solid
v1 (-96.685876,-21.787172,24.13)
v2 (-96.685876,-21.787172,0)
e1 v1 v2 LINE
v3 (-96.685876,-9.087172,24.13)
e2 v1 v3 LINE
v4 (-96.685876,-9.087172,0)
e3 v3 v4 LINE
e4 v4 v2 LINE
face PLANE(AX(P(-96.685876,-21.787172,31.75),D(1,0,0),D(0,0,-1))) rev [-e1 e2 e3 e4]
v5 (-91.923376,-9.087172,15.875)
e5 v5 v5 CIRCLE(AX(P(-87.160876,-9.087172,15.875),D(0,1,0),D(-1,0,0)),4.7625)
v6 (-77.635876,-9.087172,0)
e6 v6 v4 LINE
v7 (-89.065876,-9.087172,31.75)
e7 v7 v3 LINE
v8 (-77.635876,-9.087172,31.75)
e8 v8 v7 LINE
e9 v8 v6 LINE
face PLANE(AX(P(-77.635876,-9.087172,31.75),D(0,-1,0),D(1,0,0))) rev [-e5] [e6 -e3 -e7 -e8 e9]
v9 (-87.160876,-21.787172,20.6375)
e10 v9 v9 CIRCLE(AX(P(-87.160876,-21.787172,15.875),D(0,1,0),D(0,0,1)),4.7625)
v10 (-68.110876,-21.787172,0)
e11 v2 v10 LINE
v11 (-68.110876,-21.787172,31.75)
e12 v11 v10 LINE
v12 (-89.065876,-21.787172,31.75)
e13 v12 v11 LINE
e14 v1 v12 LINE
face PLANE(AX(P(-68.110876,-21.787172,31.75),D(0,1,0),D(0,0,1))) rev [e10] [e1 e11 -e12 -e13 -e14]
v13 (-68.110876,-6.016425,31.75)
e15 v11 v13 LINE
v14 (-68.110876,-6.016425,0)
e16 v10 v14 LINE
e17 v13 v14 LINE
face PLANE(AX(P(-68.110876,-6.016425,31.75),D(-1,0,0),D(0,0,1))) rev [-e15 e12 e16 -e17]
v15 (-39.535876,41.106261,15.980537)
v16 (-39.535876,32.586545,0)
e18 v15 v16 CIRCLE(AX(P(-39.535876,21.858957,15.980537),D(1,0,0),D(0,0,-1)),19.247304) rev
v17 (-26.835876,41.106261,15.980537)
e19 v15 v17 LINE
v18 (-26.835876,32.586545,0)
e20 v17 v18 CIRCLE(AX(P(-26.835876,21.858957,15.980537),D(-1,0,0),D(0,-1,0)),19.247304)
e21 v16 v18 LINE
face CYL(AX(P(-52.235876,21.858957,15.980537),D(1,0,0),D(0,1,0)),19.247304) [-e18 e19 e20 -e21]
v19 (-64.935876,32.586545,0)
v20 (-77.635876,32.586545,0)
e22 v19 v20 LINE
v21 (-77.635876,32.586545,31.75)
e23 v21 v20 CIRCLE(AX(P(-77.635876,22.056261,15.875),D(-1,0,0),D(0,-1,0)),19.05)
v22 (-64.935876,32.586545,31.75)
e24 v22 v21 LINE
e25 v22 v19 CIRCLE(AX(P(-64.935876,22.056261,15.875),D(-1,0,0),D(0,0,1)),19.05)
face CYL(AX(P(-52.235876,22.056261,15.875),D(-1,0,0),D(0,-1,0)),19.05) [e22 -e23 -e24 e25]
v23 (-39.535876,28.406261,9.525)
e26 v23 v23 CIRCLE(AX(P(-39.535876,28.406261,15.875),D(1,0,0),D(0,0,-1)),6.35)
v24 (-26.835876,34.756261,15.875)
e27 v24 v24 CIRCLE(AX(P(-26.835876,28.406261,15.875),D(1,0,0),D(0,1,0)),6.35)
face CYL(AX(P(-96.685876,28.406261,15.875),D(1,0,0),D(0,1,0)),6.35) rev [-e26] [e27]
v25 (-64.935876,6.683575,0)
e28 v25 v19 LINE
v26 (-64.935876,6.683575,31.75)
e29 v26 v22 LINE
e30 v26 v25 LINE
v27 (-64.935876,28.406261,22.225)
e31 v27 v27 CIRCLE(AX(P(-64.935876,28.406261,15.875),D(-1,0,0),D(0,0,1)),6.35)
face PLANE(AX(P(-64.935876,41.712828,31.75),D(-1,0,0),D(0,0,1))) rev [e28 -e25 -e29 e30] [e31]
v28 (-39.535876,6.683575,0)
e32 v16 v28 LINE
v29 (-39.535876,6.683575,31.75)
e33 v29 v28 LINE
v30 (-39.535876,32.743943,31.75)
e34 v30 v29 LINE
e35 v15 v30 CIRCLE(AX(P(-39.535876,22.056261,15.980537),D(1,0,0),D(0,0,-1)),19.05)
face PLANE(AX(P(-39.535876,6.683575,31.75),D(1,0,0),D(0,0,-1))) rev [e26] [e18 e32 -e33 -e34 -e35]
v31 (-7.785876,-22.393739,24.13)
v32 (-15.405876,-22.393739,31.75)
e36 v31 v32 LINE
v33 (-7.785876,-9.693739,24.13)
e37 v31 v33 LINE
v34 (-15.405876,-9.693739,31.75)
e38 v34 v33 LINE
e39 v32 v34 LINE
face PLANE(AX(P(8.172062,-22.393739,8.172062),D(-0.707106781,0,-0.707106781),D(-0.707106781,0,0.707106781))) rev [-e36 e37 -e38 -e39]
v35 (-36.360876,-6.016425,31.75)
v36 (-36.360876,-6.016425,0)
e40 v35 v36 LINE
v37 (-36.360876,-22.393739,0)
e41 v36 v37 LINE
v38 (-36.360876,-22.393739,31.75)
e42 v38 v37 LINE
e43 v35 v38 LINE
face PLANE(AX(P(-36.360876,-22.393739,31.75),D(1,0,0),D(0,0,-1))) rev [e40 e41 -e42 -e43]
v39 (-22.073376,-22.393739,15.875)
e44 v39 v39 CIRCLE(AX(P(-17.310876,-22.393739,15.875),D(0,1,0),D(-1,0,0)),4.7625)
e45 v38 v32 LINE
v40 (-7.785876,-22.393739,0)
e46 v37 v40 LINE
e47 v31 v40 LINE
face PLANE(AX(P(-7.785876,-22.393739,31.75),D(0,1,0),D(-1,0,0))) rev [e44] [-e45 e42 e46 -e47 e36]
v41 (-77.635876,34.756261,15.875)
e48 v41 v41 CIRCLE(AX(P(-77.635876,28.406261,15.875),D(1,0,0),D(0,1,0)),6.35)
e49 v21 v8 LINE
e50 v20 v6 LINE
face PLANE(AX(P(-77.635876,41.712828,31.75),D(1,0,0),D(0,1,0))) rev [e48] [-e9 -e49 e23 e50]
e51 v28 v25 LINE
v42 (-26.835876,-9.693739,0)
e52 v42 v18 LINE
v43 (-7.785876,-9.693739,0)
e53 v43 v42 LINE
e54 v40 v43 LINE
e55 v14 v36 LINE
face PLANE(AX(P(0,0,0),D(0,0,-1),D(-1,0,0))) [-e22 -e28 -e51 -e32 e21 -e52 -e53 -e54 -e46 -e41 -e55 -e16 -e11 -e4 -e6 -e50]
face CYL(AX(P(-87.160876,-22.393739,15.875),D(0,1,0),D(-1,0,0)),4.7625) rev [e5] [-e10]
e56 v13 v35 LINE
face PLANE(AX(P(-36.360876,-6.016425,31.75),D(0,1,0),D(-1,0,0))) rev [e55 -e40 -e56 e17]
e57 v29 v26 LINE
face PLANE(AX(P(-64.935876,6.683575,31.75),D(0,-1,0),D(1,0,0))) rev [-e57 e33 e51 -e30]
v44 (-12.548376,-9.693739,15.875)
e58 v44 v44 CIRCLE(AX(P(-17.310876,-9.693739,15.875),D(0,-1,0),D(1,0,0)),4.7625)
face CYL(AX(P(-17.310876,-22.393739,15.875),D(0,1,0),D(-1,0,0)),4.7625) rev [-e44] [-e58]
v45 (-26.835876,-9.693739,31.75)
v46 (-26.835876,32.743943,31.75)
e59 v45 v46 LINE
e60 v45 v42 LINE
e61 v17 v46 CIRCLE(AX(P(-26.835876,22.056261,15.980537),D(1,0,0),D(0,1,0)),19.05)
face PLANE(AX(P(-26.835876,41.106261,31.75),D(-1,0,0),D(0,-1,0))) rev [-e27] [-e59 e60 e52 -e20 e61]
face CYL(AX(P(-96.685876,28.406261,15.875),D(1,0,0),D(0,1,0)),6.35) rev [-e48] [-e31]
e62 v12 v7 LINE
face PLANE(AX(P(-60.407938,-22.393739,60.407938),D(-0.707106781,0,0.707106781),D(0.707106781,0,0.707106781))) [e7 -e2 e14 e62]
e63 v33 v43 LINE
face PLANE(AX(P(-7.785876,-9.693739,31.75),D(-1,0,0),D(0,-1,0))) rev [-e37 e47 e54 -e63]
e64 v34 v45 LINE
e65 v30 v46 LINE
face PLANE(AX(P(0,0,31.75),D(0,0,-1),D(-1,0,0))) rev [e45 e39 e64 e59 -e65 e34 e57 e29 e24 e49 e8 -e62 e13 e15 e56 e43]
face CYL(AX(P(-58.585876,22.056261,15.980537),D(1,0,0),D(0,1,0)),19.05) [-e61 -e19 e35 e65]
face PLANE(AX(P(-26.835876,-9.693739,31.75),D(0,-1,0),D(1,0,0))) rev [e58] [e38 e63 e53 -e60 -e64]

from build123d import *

# Parameters (mm, degrees)
BOSS_EXTRUDE1_DEPTH      = 31.75
CUT_EXTRUDE2_DEPTH       = 115.012526534
CUT_EXTRUDE2_DEPTH_BACK  = 115.012526534
SKETCH4_R                = 6.35
CUT_EXTRUDE3_DEPTH       = 88.332955112
CUT_EXTRUDE13_DEPTH      = 31.75
CUT_EXTRUDE18_DEPTH      = 25.4
CUT_EXTRUDE22_DEPTH      = 88.332955112
CUT_EXTRUDE22_DEPTH_BACK = 25.4
CUT_EXTRUDE23_DEPTH      = 25.4
SKETCH14_R               = 4.7625
CUT_EXTRUDE24_DEPTH      = 114.470708815
SKETCH15_R               = 4.7625
CUT_EXTRUDE25_DEPTH      = 114.470708815


with BuildPart() as part:
    # Sketch2 → Boss-Extrude1 (new body)
    with BuildSketch(Plane.XY):
        Polygon((-77.635875696, 41.712828345), (-64.935875696, 41.712828345), (-64.935875696, 6.683574613), (-39.535875696, 6.683574613), (-39.535875696, 41.10626118), (-26.835875696, 41.10626118), (-26.835875696, -9.69373882), (-7.785875696, -9.69373882), (-7.785875696, -22.39373882), (-36.360875696, -22.39373882), (-36.360875696, -6.016425387), (-68.110875696, -6.016425387), (-68.110875696, -21.787171655), (-96.685875696, -21.787171655), (-96.685875696, -9.087171655), (-77.635875696, -9.087171655), align=None)
    extrude(amount=BOSS_EXTRUDE1_DEPTH)

    # Sketch3 → Cut-Extrude2 (cut, two sides: drawn at the far end of the back side and taken through both)
    with BuildSketch(Plane(origin=(0, -9.69373882, 0), x_dir=(1, 0, 0), z_dir=(0, 1, 0)).offset(-CUT_EXTRUDE2_DEPTH_BACK)):
        Polygon((-96.685875696, -24.13), (-89.065875696, -31.75), (-96.685875696, -31.75), align=None)
        Polygon((-15.405875696, -31.75), (-7.785875696, -31.75), (-7.785875696, -24.13), align=None)
    extrude(amount=CUT_EXTRUDE2_DEPTH + CUT_EXTRUDE2_DEPTH_BACK, mode=Mode.SUBTRACT)

    # Sketch4 → Cut-Extrude3 (cut, through all)
    with BuildSketch(Plane(origin=(-26.835875696, 0, 0), x_dir=(0, 0, -1), z_dir=(1, 0, 0))):
        with Locations(Location((-15.875, 28.40626118, 0), (0, 0, 90))):
            Circle(SKETCH4_R)
    extrude(amount=-CUT_EXTRUDE3_DEPTH, mode=Mode.SUBTRACT)

    # Sketch9 → Cut-Extrude13 (cut)
    with BuildSketch(Plane(origin=(-26.835875696, 0, 0), x_dir=(0, 0, -1), z_dir=(1, 0, 0))):
        with BuildLine():
            Line((-31.75, 41.10626118), (-31.75, 32.743943383))
            ThreePointArc((-31.75, 32.743943383), (-24.905282657, 38.886336135), (-15.980537449, 41.10626118))
            Line((-15.980537449, 41.10626118), (-31.75, 41.10626118))
        make_face()
    extrude(amount=-CUT_EXTRUDE13_DEPTH, mode=Mode.SUBTRACT)

    # Sketch10 → Cut-Extrude18 (cut)
    with BuildSketch(Plane(origin=(-26.835875696, 0, 0), x_dir=(0, 0, -1), z_dir=(1, 0, 0))):
        with BuildLine():
            Line((0, 32.58654489), (0, 41.10626118))
            Line((0, 41.10626118), (-15.980537449, 41.10626118))
            ThreePointArc((-15.980537449, 41.10626118), (-6.9256611, 38.843300754), (0, 32.58654489))
        make_face()
    extrude(amount=-CUT_EXTRUDE18_DEPTH, mode=Mode.SUBTRACT)

    # Sketch11 → Cut-Extrude22 (cut, two sides: drawn at the far end of the back side and taken through both)
    with BuildSketch(Plane.ZY.offset(77.635875696).offset(-CUT_EXTRUDE22_DEPTH_BACK)):
        Polygon((-151.990316571, 41.10626118), (0, 41.10626118), (31.75, 41.10626118), (183.740316571, 41.10626118), (183.740316571, 345.086894323), (-151.990316571, 345.086894323), align=None)
    extrude(amount=CUT_EXTRUDE22_DEPTH + CUT_EXTRUDE22_DEPTH_BACK, mode=Mode.SUBTRACT)

    # Sketch13 → Cut-Extrude23 (cut)
    with BuildSketch(Plane.ZY.offset(77.635875696)):
        with BuildLine():
            Line((31.75, 41.10626118), (15.875, 41.10626118))
            ThreePointArc((15.875, 41.10626118), (24.883346001, 38.841737114), (31.75, 32.58654489))
            Line((31.75, 32.58654489), (31.75, 41.10626118))
        make_face()
        with BuildLine():
            Line((15.875, 41.10626118), (0, 41.10626118))
            Line((0, 41.10626118), (0, 32.58654489))
            ThreePointArc((0, 32.58654489), (6.866653999, 38.841737114), (15.875, 41.10626118))
        make_face()
    extrude(amount=-CUT_EXTRUDE23_DEPTH, mode=Mode.SUBTRACT)

    # Sketch14 → Cut-Extrude24 (cut, through all)
    with BuildSketch(Plane(origin=(0, -9.087171655, 0), x_dir=(1, 0, 0), z_dir=(0, 1, 0))):
        with Locations(Location((-17.310875696, -15.875, 0), (0, 0, 180))):
            Circle(SKETCH14_R)
    extrude(amount=-CUT_EXTRUDE24_DEPTH, mode=Mode.SUBTRACT)

    # Sketch15 → Cut-Extrude25 (cut, through all)
    with BuildSketch(Plane(origin=(0, -9.087171655, 0), x_dir=(1, 0, 0), z_dir=(0, 1, 0))):
        with Locations(Location((-87.160875696, -15.875, 0), (0, 0, 180))):
            Circle(SKETCH15_R)
    extrude(amount=-CUT_EXTRUDE25_DEPTH, mode=Mode.SUBTRACT)


solid = part.part
